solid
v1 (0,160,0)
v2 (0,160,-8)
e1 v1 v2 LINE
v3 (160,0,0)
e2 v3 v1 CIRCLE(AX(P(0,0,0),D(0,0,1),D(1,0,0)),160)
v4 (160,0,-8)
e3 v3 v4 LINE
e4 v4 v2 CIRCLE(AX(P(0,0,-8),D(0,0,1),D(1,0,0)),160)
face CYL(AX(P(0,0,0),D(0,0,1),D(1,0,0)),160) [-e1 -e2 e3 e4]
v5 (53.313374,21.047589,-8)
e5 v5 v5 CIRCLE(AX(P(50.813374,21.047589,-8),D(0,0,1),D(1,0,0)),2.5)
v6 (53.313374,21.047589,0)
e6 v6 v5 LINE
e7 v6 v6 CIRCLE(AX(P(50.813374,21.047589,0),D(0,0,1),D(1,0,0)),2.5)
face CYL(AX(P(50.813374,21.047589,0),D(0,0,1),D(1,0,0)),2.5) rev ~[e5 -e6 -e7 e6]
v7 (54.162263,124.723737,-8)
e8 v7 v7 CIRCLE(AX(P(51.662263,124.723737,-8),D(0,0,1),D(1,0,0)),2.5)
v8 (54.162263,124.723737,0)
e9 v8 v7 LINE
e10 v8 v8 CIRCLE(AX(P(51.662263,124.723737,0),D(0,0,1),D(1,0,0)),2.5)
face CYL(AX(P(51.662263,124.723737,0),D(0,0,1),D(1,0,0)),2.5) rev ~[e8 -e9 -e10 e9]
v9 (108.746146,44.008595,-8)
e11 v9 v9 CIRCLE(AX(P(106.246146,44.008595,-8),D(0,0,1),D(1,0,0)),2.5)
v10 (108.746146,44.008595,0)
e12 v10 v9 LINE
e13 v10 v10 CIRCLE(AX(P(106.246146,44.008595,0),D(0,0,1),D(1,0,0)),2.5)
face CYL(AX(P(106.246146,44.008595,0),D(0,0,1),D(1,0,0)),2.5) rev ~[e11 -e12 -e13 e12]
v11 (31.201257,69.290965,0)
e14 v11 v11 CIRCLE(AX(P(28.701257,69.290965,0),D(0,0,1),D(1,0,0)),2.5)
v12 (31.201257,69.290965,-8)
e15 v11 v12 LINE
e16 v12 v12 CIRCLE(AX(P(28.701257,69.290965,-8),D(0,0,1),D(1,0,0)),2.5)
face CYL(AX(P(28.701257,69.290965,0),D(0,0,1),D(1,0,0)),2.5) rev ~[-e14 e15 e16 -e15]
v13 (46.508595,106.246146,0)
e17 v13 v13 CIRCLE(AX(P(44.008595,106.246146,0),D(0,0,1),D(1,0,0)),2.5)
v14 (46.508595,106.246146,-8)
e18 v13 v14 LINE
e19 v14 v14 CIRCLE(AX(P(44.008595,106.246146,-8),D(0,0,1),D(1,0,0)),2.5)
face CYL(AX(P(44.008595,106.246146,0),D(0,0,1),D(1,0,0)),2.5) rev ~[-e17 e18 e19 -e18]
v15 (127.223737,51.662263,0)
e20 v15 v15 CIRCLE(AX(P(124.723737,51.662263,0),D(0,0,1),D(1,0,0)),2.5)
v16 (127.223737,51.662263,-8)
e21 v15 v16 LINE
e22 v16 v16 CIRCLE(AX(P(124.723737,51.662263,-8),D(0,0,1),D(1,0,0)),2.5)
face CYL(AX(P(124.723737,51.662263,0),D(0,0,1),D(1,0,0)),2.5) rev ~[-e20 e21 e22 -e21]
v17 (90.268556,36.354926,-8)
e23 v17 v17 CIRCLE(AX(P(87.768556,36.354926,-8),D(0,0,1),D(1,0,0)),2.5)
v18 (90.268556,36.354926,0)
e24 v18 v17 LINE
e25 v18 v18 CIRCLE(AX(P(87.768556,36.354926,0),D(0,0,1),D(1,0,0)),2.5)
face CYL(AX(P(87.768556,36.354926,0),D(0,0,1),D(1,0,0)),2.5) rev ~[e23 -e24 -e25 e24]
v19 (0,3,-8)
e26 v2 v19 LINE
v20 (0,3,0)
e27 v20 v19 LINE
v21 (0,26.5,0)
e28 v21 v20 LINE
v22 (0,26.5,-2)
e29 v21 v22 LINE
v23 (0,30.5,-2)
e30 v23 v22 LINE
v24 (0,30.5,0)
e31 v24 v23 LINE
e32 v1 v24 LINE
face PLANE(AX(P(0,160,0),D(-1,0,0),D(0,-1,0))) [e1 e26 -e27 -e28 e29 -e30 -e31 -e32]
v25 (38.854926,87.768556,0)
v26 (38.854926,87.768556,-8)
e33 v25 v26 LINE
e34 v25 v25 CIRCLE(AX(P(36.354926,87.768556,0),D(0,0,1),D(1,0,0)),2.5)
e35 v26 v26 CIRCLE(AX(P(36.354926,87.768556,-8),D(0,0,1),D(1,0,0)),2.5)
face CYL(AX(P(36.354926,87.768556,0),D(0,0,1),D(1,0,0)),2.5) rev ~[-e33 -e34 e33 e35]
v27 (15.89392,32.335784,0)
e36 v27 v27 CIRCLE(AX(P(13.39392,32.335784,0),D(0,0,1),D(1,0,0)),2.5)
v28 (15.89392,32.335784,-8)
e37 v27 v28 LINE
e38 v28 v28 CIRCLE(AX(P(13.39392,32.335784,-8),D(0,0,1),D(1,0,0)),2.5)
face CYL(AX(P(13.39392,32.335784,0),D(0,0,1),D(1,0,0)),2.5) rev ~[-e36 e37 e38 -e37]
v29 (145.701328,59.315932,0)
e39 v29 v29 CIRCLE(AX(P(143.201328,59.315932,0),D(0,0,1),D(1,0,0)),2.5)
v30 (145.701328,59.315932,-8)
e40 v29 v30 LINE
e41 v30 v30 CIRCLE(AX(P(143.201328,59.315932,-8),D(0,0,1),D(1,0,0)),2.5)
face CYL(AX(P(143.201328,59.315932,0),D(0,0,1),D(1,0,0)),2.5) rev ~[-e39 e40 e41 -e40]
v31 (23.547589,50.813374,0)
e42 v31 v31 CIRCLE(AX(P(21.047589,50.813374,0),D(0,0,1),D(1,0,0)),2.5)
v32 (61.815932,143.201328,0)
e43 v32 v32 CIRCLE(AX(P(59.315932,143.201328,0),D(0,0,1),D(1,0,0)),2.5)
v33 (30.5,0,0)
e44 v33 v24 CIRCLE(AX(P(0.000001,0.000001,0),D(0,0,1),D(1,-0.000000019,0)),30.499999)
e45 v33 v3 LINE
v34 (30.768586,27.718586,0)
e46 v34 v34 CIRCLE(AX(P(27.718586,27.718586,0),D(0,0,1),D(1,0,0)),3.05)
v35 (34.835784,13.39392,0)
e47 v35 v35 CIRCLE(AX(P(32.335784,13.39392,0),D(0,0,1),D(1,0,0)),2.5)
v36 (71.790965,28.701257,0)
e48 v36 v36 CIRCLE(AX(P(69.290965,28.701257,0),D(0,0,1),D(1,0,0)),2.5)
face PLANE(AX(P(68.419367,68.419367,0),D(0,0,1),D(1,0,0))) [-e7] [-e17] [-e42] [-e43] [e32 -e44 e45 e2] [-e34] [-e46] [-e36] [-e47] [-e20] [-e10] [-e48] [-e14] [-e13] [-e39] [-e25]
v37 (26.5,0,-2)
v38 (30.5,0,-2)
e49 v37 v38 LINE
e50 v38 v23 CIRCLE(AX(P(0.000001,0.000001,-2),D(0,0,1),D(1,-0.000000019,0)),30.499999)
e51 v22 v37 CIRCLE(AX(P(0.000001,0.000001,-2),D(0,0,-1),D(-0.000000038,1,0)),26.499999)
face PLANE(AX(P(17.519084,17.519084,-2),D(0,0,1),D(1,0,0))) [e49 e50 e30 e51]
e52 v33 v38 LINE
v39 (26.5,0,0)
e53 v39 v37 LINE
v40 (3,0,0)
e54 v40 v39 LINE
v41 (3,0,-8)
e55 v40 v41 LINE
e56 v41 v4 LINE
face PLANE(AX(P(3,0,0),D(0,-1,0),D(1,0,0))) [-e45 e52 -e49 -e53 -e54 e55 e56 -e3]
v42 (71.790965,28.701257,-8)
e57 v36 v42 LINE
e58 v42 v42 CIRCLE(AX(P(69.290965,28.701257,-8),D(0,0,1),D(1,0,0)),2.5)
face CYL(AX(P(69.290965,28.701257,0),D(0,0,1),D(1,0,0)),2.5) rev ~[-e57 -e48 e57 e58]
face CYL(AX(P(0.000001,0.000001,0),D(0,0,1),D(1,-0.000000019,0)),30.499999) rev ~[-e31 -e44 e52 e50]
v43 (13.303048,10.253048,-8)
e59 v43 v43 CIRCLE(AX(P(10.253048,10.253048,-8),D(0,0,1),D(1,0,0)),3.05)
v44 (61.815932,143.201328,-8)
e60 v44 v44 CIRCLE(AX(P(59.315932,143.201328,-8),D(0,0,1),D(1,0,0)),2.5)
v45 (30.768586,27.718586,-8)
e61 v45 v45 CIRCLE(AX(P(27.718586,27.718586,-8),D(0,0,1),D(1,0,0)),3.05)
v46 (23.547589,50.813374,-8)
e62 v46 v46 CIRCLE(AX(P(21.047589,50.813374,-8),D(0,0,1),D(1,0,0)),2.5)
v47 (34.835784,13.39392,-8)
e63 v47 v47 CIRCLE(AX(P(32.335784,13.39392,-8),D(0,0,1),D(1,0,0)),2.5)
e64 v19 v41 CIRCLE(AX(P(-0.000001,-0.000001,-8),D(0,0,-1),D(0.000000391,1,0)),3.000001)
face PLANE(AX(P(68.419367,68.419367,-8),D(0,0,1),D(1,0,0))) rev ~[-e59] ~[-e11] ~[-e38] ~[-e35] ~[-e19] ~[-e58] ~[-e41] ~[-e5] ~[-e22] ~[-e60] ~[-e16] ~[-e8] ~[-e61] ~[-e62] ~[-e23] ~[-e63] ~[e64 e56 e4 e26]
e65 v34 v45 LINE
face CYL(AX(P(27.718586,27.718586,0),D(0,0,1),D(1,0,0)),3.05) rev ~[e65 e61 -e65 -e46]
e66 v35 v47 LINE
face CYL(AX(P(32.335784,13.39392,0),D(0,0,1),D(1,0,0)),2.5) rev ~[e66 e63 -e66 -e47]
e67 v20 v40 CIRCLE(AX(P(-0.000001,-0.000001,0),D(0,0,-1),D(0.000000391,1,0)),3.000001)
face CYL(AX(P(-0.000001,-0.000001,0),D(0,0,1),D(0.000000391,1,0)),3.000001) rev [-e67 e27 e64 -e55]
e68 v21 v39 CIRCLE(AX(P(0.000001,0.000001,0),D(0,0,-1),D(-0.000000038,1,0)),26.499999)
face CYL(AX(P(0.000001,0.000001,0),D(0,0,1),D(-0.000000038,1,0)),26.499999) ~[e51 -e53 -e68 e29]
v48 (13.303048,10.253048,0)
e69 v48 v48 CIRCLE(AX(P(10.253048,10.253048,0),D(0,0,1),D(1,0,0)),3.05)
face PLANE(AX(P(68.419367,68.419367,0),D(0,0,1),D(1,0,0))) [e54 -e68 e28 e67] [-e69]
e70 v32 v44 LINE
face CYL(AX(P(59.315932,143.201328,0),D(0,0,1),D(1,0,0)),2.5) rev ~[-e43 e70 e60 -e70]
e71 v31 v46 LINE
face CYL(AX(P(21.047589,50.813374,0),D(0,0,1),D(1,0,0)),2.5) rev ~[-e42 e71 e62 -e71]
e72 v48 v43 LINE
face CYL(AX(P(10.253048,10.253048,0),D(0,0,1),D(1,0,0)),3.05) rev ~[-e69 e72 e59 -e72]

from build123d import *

# Parameters (mm, degrees)
F0_R     = 2.5
F0_R_2   = 3.05
F1_DEPTH = 8
F2_DEPTH = 2


with BuildPart() as f1:
    # F0 (on Top) → F1 (new body)
    with BuildSketch(Plane.XY):
        with BuildLine():
            Line((30.5, 0), (160, 0))
            ThreePointArc((160, 0), (113.137085, 113.137085), (0, 160))
            Line((0, 160), (0, 30.5))
            ThreePointArc((0, 30.5), (21.566757, 21.566757), (30.5, 0))
        make_face()
        with Locations((32.335784, 13.39392)):
            Circle(F0_R, mode=Mode.SUBTRACT)
        with Locations((13.39392, 32.335784)):
            Circle(F0_R, mode=Mode.SUBTRACT)
        with Locations((27.718586, 27.718586)):
            Circle(F0_R_2, mode=Mode.SUBTRACT)
        with Locations((50.813374, 21.047589)):
            Circle(F0_R, mode=Mode.SUBTRACT)
        with Locations((69.290965, 28.701257)):
            Circle(F0_R, mode=Mode.SUBTRACT)
        with Locations((21.047589, 50.813374)):
            Circle(F0_R, mode=Mode.SUBTRACT)
        with Locations((28.701257, 69.290965)):
            Circle(F0_R, mode=Mode.SUBTRACT)
        with Locations((87.768556, 36.354926)):
            Circle(F0_R, mode=Mode.SUBTRACT)
        with Locations((106.246146, 44.008595)):
            Circle(F0_R, mode=Mode.SUBTRACT)
        with Locations((124.723737, 51.662263)):
            Circle(F0_R, mode=Mode.SUBTRACT)
        with Locations((143.201328, 59.315932)):
            Circle(F0_R, mode=Mode.SUBTRACT)
        with Locations((36.354926, 87.768556)):
            Circle(F0_R, mode=Mode.SUBTRACT)
        with Locations((44.008595, 106.246146)):
            Circle(F0_R, mode=Mode.SUBTRACT)
        with Locations((51.662263, 124.723737)):
            Circle(F0_R, mode=Mode.SUBTRACT)
        with Locations((59.315932, 143.201328)):
            Circle(F0_R, mode=Mode.SUBTRACT)
        with BuildLine():
            Line((3, 0), (26.5, 0))
            ThreePointArc((26.5, 0), (18.73833, 18.73833), (0, 26.5))
            Line((0, 26.5), (0, 3))
            ThreePointArc((0, 3), (2.12132, 2.12132), (3, 0))
        make_face()
        with Locations((10.253048, 10.253048)):
            Circle(F0_R_2, mode=Mode.SUBTRACT)
        with BuildLine():
            Line((26.5, 0), (30.5, 0))
            ThreePointArc((30.5, 0), (21.566757, 21.566757), (0, 30.5))
            Line((0, 30.5), (0, 26.5))
            ThreePointArc((0, 26.5), (18.73833, 18.73833), (26.5, 0))
        make_face()
    extrude(amount=-F1_DEPTH)

    # F0 (on Top) → F2 (cut)
    with BuildSketch(Plane.XY):
        with BuildLine():
            Line((26.5, 0), (30.5, 0))
            ThreePointArc((30.5, 0), (21.566757, 21.566757), (0, 30.5))
            Line((0, 30.5), (0, 26.5))
            ThreePointArc((0, 26.5), (18.73833, 18.73833), (26.5, 0))
        make_face()
    extrude(amount=-F2_DEPTH, mode=Mode.SUBTRACT)


solid = f1.part
